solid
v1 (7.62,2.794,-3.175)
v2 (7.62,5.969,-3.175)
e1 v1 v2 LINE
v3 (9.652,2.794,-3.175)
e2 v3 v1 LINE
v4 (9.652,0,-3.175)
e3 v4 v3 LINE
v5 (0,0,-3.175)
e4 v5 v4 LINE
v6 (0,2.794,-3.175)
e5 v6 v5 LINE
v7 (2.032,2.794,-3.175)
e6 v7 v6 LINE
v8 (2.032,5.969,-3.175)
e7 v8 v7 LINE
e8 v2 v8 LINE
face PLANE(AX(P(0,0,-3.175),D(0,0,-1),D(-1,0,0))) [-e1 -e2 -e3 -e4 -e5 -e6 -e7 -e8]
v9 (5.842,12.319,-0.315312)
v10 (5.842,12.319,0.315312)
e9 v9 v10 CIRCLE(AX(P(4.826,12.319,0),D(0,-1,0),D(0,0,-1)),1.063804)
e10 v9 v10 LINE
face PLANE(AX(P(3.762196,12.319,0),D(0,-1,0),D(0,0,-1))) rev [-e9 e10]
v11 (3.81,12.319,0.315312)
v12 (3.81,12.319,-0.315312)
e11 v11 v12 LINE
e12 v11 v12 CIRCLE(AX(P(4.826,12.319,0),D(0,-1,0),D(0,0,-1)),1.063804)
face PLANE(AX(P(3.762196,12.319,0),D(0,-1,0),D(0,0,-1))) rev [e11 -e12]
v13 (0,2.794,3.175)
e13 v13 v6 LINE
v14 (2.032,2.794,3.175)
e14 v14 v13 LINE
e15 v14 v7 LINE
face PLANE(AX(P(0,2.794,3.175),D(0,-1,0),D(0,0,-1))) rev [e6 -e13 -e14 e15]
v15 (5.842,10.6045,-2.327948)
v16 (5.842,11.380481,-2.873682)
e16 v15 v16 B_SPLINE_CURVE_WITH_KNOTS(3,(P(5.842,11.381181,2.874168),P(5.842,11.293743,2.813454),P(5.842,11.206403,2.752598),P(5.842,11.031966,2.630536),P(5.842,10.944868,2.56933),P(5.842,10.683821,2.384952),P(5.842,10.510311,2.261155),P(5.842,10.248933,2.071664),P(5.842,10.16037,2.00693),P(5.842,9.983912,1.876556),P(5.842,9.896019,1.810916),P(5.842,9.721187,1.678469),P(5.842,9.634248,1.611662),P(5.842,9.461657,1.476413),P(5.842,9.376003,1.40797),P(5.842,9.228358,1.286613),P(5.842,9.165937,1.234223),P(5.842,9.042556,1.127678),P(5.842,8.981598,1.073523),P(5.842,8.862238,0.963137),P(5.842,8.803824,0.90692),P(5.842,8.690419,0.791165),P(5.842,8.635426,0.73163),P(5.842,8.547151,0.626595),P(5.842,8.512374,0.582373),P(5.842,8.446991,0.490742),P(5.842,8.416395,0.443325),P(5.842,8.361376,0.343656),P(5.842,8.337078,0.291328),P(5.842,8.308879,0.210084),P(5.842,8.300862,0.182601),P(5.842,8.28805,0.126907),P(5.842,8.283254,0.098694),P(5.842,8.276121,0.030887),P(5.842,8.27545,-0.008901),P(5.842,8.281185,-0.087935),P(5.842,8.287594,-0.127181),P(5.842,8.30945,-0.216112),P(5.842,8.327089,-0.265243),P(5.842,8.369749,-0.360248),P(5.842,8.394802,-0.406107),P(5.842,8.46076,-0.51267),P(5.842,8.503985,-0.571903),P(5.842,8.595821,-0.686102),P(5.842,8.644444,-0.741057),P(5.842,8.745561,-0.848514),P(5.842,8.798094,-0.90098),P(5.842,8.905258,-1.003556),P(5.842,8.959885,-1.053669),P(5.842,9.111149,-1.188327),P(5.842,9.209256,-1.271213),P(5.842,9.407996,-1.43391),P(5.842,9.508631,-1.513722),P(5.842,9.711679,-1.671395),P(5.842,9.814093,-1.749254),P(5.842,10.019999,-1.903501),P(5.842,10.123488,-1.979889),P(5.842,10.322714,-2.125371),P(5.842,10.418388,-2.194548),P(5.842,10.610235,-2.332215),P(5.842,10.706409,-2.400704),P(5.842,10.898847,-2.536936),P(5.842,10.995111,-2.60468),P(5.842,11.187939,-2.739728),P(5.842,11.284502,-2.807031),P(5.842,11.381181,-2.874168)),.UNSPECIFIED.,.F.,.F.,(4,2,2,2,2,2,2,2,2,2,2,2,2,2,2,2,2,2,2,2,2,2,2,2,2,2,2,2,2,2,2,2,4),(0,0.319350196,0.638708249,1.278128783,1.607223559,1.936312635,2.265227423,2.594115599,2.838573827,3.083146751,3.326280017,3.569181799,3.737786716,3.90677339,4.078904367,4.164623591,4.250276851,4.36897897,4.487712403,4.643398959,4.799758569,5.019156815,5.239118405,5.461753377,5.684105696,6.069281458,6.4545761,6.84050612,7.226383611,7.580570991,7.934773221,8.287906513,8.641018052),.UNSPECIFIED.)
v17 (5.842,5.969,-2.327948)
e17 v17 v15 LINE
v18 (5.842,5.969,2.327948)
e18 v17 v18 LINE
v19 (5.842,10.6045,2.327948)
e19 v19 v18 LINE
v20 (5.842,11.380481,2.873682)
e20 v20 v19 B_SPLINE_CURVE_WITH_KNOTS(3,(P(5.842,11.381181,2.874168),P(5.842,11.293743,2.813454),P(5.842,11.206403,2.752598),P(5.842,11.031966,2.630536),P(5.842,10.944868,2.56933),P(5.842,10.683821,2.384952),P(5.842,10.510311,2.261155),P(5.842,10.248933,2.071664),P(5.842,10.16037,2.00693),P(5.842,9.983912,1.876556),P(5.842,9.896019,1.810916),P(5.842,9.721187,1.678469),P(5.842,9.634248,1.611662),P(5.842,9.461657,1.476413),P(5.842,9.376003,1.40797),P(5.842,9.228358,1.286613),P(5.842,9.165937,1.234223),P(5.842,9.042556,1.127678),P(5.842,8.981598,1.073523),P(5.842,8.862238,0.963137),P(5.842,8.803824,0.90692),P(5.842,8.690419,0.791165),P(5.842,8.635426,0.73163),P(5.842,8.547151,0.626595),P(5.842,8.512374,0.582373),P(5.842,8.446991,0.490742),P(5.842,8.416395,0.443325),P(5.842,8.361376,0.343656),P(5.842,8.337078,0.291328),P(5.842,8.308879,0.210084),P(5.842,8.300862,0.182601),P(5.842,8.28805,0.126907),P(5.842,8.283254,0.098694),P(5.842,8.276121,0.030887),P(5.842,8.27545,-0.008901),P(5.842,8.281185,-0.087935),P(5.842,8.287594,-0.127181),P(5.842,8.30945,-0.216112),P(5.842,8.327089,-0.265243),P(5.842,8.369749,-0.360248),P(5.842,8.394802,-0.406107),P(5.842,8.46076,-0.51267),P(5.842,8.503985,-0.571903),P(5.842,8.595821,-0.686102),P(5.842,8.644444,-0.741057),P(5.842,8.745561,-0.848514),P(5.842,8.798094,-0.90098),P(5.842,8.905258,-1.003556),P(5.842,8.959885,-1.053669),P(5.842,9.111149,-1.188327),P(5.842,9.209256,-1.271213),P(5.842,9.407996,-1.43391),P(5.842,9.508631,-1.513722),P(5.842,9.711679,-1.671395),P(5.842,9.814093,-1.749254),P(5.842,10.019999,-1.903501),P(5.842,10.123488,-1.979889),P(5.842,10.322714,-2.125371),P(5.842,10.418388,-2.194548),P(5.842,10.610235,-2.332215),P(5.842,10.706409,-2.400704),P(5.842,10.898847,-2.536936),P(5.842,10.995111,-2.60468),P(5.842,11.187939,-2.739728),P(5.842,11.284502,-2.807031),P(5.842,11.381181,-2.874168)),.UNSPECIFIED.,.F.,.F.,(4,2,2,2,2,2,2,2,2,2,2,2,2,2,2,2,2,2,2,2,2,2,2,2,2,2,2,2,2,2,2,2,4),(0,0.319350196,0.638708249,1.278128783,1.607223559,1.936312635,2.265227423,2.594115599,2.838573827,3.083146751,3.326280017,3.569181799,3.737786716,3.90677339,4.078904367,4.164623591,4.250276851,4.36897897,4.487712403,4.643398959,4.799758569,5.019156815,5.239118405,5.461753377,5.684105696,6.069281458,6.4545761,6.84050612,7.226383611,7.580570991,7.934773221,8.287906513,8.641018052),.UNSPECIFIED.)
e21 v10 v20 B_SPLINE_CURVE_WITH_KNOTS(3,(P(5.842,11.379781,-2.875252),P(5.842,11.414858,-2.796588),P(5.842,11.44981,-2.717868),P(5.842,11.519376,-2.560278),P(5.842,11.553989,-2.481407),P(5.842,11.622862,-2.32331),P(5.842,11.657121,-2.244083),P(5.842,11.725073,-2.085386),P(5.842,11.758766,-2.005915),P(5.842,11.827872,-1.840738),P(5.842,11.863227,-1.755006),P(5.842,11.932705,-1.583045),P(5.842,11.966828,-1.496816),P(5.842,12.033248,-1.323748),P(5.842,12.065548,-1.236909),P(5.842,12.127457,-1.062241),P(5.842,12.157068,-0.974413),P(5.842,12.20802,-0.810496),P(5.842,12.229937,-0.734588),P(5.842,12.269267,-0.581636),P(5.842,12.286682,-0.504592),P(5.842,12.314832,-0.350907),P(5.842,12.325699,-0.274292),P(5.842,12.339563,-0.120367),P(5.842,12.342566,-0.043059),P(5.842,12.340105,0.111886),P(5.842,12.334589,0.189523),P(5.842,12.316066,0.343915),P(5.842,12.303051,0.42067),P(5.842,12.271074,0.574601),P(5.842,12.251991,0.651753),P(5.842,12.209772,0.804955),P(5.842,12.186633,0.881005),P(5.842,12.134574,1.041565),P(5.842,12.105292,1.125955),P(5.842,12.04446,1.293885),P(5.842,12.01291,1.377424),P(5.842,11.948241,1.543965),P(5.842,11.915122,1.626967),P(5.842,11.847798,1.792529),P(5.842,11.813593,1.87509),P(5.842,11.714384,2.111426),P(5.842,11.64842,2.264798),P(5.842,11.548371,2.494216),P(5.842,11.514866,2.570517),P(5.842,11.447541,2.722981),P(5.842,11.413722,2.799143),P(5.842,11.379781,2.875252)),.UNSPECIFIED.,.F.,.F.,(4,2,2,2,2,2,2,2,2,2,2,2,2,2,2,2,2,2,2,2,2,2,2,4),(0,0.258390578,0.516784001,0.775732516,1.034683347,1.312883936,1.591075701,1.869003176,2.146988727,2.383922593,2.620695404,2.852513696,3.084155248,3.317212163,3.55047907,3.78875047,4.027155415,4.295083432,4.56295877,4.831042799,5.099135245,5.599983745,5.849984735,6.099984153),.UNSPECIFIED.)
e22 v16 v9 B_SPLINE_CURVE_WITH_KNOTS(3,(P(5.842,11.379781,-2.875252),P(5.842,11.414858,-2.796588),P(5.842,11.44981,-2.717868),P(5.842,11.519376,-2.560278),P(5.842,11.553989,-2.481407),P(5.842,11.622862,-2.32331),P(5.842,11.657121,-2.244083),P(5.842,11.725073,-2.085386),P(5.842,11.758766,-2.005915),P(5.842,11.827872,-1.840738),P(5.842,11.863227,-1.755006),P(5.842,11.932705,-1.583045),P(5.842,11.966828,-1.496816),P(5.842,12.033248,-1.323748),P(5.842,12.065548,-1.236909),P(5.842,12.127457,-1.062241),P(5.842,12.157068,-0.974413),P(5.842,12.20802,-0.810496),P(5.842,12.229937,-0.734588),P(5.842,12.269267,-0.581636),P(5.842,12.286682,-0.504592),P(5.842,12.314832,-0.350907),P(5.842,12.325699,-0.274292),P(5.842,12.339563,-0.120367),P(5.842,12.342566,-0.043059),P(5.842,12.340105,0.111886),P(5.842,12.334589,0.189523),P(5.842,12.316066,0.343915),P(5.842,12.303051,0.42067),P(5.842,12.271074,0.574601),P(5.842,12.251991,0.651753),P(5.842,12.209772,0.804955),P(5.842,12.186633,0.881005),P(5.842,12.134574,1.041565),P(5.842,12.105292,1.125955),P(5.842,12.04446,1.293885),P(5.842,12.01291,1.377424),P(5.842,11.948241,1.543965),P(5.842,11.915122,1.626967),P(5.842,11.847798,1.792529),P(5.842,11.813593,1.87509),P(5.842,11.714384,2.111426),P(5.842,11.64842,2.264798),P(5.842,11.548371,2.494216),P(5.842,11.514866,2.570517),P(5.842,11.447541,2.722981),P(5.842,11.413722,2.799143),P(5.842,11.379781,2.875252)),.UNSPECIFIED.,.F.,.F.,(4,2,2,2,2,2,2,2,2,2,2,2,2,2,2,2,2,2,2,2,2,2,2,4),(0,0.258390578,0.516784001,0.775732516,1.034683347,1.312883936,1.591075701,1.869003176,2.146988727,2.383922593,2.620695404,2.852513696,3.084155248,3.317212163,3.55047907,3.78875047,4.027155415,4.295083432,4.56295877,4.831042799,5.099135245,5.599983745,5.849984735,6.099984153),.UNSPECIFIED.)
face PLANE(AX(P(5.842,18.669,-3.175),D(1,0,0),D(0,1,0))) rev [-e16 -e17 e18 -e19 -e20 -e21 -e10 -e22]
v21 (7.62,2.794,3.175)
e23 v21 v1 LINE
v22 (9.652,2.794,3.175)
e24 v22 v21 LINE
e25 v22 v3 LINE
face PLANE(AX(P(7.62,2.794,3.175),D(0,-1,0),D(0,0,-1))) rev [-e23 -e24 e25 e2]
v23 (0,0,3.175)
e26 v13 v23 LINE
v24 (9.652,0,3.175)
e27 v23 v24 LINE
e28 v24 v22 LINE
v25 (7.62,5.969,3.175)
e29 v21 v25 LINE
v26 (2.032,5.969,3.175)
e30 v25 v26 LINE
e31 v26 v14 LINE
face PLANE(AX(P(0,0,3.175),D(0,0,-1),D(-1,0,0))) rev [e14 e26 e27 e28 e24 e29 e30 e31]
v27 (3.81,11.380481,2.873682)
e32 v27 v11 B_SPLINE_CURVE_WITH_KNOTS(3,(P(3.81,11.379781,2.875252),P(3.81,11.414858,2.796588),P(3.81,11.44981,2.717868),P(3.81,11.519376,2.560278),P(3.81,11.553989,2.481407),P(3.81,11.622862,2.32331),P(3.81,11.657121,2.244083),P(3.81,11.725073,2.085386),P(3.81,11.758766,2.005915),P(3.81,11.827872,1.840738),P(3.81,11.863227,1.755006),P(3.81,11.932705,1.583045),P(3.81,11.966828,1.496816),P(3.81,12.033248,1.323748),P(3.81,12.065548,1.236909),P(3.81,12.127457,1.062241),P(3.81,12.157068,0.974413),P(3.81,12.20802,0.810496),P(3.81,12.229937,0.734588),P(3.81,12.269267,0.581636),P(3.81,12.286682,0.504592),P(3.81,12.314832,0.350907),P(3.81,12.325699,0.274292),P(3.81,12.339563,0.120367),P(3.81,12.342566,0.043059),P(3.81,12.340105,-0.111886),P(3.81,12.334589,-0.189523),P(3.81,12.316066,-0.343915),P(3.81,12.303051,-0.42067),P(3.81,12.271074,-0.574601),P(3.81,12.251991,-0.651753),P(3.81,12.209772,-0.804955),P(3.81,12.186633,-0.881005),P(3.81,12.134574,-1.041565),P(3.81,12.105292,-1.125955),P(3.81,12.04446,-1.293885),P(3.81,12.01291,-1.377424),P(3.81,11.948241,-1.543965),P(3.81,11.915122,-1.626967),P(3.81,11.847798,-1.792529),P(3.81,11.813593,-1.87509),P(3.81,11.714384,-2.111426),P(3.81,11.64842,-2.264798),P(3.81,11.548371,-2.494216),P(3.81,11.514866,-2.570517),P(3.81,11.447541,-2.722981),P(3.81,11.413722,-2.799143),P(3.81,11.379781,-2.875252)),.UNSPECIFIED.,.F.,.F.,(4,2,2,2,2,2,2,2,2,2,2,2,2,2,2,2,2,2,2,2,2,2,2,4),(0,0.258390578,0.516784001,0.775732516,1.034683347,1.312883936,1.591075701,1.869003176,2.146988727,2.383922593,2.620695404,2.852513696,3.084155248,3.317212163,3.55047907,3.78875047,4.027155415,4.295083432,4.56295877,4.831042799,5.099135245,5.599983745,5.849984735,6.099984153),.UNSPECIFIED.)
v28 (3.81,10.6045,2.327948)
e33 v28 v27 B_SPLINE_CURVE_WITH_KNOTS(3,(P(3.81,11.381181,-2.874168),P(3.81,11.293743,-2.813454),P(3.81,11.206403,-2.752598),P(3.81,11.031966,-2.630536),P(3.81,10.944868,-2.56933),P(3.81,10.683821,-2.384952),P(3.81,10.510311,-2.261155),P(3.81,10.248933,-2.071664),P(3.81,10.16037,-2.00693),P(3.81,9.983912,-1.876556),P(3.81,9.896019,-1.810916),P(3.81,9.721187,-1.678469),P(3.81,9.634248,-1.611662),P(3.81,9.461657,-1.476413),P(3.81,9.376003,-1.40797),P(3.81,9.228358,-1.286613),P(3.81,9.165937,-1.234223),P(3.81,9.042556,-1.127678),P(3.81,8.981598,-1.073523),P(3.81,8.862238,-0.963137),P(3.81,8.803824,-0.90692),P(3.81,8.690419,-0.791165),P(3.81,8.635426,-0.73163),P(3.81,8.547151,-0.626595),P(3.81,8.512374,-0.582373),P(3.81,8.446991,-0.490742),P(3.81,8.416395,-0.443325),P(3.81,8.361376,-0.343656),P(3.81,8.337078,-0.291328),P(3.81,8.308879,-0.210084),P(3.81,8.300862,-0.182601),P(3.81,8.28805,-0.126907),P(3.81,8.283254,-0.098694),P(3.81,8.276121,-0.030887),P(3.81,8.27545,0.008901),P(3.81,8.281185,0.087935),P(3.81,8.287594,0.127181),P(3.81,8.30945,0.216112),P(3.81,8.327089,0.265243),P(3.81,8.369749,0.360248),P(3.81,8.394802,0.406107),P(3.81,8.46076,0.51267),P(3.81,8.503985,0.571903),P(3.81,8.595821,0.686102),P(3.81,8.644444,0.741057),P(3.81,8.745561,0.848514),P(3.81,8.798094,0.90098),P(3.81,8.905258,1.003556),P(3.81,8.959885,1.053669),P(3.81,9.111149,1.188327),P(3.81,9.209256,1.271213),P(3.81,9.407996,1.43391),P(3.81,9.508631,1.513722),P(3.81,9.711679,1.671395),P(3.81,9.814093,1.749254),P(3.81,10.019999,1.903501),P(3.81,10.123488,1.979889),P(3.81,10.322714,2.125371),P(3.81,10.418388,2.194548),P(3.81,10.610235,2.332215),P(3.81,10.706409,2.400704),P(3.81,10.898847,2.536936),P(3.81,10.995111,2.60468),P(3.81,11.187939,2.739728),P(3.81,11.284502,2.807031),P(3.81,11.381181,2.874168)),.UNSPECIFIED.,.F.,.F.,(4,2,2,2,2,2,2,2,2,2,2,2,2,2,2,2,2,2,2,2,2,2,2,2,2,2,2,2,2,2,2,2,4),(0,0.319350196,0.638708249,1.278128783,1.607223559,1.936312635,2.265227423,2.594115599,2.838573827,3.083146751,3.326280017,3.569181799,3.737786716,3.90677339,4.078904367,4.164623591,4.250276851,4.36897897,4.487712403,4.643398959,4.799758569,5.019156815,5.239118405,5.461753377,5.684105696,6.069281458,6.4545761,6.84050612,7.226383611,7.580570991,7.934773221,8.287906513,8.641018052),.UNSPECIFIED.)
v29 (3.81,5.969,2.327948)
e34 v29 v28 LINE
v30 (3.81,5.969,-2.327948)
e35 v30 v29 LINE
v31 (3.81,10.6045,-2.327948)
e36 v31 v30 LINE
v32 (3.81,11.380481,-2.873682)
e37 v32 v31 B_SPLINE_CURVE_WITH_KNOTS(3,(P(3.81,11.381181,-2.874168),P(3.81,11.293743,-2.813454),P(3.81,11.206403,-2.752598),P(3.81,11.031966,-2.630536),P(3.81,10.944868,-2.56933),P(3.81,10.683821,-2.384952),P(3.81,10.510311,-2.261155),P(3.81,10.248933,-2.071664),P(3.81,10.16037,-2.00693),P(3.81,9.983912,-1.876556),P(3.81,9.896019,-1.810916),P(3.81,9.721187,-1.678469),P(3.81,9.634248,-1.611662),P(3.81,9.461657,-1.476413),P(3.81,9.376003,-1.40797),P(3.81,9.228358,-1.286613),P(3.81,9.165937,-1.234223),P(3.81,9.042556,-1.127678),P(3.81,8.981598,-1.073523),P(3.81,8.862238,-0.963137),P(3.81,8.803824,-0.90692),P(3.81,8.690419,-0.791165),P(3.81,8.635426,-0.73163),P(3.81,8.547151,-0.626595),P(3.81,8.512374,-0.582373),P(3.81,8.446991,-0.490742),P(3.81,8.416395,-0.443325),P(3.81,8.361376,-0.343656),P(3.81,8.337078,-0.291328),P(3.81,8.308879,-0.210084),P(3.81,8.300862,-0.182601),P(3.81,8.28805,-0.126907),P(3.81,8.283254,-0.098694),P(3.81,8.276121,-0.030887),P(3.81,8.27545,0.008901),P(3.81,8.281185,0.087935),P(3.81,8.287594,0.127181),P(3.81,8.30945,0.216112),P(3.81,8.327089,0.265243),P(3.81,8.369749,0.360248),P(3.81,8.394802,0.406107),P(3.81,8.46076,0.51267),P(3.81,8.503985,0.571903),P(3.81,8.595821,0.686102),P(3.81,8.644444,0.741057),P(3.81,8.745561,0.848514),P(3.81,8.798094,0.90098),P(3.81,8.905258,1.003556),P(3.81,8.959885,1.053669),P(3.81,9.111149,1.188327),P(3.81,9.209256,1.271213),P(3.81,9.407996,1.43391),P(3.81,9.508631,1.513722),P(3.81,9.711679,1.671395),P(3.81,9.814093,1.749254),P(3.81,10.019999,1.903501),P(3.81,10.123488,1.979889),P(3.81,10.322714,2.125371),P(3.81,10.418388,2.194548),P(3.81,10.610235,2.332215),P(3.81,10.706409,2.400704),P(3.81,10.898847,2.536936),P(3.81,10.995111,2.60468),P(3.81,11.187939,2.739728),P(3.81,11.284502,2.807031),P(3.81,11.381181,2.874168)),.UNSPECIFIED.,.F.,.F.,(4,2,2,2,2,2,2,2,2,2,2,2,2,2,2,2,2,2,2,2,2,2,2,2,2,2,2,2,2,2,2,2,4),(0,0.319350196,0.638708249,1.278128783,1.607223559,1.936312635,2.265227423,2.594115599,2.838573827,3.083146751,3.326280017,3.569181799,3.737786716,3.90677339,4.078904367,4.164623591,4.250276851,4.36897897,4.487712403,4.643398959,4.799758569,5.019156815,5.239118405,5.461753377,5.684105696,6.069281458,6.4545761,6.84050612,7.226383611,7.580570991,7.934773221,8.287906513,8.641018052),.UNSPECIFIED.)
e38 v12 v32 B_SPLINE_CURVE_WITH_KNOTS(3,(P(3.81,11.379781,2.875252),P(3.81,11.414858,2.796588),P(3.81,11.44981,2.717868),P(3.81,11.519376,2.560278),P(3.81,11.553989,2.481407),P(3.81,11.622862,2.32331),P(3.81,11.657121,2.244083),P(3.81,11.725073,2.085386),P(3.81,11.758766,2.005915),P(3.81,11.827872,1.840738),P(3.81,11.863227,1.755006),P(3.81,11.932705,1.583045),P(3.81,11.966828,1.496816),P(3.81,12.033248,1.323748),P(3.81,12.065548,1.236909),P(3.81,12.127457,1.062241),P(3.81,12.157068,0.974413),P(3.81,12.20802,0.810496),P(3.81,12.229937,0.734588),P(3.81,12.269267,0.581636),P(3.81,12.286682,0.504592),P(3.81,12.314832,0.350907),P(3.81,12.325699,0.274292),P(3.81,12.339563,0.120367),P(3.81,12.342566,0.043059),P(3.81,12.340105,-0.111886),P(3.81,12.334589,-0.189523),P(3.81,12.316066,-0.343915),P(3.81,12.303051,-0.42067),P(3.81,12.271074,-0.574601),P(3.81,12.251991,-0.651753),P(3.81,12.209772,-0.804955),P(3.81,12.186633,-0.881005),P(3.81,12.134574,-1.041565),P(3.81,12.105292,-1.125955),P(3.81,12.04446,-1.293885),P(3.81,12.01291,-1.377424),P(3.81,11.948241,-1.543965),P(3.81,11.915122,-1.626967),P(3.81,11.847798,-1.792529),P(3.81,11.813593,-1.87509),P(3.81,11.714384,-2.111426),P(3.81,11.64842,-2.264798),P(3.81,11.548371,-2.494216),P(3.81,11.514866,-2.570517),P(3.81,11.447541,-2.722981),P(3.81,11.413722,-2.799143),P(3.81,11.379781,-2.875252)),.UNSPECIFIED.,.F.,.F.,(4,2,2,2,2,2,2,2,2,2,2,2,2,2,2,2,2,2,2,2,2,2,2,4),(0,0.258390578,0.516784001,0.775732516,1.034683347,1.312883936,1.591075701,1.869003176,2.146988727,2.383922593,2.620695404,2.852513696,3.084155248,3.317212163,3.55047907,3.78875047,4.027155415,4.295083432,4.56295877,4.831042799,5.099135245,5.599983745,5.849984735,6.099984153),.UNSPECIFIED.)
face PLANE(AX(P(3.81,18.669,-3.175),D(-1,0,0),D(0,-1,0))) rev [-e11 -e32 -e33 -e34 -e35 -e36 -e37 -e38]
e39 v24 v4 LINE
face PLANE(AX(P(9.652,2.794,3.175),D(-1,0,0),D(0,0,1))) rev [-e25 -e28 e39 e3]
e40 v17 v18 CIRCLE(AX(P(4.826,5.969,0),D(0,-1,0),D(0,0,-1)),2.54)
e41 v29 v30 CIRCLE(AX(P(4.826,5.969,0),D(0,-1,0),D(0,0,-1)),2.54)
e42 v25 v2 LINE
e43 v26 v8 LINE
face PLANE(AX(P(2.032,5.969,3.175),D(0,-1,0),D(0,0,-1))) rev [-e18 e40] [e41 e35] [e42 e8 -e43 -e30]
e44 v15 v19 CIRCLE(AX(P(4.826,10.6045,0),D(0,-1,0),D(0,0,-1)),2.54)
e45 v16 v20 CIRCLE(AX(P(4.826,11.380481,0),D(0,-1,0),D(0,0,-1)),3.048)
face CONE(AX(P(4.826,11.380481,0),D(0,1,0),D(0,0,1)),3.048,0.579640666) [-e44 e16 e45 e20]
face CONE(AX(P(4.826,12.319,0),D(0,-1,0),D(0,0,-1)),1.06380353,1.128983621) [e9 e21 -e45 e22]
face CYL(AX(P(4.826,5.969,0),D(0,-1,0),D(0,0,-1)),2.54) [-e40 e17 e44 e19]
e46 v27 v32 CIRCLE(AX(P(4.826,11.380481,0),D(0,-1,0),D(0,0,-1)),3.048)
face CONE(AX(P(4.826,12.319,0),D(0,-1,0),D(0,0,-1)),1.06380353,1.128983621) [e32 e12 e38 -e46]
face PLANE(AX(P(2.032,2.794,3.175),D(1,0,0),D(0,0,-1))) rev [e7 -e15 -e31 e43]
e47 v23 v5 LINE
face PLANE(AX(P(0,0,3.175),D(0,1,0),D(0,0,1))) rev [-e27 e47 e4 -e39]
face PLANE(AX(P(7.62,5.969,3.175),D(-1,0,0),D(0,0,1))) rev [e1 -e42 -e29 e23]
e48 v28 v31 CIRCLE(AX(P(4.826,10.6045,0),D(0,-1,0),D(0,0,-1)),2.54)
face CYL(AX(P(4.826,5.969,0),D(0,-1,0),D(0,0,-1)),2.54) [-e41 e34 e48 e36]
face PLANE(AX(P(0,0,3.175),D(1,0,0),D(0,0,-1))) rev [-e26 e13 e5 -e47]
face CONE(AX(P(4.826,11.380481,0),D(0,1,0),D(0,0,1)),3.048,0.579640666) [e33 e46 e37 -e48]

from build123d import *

# Parameters (mm, degrees)
BOSS_EXTRUDE1_DEPTH     = 3.175
CUT_EXTRUDE1_DEPTH      = 16.968703454
CUT_EXTRUDE1_DEPTH_BACK = 16.968703454
SKETCH4_W               = 2.032
SKETCH4_H               = 12.7


with BuildPart() as part:
    # Sketch1 → Boss-Extrude1 (new, symmetric)
    with BuildSketch(Plane.XY):
        Polygon((0, 0), (9.652, 0), (9.652, 2.794), (7.62, 2.794), (7.62, 5.969), (2.032, 5.969), (2.032, 2.794), (0, 2.794), align=None)
    extrude(amount=BOSS_EXTRUDE1_DEPTH, both=True)

    # Sketch3 → Revolve1 (revolve)
    with BuildSketch(Plane.XY, mode=Mode.PRIVATE) as revolve1_sk:
        Polygon((3.76219647, 12.319), (4.326476153, 12.319), (4.326476153, 5.969), (2.286, 5.969), (2.286, 10.6045), (1.778, 11.38048125), align=None)
    revolve(revolve1_sk.sketch.rotate(Axis((4.826, 5.969, 0), (0, 1, 0)), 270), axis=Axis((4.826, 5.969, 0), (0, 1, 0)))

    # Sketch4 → Cut-Extrude1 (cut, two sides: drawn at the far end of the back side and taken through both)
    with BuildSketch(Plane.XY.offset(-CUT_EXTRUDE1_DEPTH_BACK)):
        with Locations((4.826, 12.319)):
            Rectangle(SKETCH4_W, SKETCH4_H)
    extrude(amount=CUT_EXTRUDE1_DEPTH + CUT_EXTRUDE1_DEPTH_BACK, mode=Mode.SUBTRACT)


solid = part.part
